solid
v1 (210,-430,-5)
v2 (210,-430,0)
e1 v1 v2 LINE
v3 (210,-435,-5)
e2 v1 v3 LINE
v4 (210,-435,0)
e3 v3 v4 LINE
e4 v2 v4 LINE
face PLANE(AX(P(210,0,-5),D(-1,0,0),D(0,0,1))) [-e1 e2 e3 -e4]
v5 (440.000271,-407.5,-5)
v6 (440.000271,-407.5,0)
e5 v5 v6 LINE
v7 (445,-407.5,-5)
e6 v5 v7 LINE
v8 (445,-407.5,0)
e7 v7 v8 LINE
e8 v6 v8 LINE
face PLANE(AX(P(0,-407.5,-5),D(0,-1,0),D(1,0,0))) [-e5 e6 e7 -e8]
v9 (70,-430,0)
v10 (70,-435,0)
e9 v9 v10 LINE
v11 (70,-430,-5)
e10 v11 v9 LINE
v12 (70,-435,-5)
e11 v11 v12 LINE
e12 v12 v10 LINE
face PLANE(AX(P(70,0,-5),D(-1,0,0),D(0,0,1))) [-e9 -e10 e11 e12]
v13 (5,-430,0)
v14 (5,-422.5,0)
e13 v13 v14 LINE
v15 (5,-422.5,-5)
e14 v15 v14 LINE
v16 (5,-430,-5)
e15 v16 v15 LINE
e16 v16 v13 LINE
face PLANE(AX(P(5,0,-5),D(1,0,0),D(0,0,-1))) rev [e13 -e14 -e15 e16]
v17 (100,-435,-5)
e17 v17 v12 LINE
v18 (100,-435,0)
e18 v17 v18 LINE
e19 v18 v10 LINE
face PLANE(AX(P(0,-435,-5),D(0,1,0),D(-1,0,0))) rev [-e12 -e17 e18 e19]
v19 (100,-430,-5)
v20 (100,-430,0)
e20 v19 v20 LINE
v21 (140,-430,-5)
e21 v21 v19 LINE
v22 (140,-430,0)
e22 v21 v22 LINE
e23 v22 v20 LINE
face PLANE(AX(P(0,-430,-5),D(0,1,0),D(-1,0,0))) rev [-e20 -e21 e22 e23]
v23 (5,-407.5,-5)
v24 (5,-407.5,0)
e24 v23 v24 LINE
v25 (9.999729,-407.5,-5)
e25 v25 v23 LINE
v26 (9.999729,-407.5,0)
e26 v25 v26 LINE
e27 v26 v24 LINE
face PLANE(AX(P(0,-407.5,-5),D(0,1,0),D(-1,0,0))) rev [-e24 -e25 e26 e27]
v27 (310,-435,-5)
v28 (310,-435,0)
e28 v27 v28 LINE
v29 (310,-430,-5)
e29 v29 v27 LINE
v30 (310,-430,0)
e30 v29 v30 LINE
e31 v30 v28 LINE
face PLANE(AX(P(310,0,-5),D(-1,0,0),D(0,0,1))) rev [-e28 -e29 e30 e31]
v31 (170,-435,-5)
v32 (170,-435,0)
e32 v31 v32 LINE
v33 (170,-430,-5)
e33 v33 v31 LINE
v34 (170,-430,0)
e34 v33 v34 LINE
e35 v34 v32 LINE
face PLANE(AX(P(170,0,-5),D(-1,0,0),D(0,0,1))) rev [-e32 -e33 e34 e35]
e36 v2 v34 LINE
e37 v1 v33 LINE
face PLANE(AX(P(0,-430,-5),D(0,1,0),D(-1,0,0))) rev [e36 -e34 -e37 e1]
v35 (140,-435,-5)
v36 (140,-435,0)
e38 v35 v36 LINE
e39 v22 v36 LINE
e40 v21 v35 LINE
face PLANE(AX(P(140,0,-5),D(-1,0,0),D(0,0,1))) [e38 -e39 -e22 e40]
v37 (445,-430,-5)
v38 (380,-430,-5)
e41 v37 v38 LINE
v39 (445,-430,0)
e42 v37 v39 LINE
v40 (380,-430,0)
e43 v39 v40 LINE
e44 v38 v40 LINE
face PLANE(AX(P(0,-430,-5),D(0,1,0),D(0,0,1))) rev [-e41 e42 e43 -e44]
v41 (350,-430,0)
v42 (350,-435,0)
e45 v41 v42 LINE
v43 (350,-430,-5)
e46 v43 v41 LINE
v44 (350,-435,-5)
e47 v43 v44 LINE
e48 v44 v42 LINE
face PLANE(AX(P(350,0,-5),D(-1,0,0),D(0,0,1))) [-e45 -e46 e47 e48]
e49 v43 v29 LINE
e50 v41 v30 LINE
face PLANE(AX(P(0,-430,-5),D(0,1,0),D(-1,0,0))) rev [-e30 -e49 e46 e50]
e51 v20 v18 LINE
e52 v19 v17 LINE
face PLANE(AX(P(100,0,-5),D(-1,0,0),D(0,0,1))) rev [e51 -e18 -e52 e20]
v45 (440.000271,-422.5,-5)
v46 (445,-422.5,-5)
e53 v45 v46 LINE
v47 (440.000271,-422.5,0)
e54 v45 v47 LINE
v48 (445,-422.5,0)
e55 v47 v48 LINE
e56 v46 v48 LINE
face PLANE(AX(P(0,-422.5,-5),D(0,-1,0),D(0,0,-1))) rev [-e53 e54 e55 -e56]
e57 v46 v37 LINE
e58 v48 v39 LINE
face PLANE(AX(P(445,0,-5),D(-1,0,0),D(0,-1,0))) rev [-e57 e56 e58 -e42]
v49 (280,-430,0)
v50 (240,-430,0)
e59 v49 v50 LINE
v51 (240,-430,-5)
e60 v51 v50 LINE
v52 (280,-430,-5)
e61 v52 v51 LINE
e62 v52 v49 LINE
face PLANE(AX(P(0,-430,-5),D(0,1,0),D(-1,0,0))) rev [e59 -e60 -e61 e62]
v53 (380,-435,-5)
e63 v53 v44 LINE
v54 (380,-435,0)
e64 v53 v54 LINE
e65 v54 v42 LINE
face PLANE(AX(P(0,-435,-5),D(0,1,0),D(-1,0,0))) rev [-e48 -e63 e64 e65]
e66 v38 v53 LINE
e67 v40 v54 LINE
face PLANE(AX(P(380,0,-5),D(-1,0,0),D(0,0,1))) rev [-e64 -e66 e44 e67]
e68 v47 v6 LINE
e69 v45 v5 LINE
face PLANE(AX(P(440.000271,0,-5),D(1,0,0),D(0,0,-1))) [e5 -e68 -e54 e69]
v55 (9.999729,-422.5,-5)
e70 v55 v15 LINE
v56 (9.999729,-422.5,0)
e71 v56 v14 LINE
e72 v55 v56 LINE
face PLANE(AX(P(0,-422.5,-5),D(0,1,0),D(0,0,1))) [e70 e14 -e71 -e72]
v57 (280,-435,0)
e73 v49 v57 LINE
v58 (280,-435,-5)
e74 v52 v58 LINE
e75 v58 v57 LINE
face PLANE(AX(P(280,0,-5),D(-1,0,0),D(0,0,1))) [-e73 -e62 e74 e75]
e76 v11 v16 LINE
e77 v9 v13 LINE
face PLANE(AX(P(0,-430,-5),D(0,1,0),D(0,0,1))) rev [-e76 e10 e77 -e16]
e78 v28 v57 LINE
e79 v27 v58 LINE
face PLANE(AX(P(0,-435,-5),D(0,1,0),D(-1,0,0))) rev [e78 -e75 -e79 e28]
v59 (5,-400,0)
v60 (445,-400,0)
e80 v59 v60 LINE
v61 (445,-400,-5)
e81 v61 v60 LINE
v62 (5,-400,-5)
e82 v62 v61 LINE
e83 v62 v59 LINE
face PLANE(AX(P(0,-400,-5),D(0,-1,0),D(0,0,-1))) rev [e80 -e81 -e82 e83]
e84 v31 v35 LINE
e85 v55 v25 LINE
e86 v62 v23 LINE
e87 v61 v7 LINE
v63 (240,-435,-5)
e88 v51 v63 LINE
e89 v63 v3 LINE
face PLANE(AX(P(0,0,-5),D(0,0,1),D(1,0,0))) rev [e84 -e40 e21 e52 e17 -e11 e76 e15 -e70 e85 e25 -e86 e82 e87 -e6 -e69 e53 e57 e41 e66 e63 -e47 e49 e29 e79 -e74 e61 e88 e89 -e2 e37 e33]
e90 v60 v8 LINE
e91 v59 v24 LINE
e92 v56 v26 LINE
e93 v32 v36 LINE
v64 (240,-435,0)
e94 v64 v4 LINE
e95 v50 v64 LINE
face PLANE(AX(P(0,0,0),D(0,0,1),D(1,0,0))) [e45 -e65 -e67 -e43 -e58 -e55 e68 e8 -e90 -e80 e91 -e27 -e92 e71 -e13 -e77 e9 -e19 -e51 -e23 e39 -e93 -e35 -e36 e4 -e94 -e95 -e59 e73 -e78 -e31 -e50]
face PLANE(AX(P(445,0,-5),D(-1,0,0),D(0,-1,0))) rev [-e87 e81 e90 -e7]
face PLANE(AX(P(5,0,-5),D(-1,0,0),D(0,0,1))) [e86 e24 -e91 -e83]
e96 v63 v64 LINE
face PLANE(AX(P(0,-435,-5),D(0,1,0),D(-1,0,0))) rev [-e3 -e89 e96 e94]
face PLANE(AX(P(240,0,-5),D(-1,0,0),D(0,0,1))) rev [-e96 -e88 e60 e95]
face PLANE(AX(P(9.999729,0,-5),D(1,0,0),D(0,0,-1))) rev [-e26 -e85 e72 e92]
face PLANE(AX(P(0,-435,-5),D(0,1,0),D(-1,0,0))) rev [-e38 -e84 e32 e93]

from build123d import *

# Parameters (mm, degrees)
BOSS_EXTRUDE1_DEPTH = 5


with BuildPart() as part:
    # Sketch1 → Boss-Extrude1 (new body)
    with BuildSketch(Plane.XY):
        Polygon((170, -430), (210, -430), (210, -435), (240, -435), (240, -430), (280, -430), (280, -435), (310, -435), (310, -430), (350, -430), (350, -435), (380, -435), (380, -430), (440.000271395, -430), (445, -430), (445, -422.5), (440.000271395, -422.5), (440.000271395, -407.5), (445, -407.5), (445, -400), (440.000271395, -400), (9.999728605, -400), (5, -400), (5, -407.5), (9.999728605, -407.5), (9.999728605, -422.5), (5, -422.5), (5, -430), (9.999728605, -430), (70, -430), (70, -435), (100, -435), (100, -430), (140, -430), (140, -435), (170, -435), align=None)
    extrude(amount=-BOSS_EXTRUDE1_DEPTH)


solid = part.part
